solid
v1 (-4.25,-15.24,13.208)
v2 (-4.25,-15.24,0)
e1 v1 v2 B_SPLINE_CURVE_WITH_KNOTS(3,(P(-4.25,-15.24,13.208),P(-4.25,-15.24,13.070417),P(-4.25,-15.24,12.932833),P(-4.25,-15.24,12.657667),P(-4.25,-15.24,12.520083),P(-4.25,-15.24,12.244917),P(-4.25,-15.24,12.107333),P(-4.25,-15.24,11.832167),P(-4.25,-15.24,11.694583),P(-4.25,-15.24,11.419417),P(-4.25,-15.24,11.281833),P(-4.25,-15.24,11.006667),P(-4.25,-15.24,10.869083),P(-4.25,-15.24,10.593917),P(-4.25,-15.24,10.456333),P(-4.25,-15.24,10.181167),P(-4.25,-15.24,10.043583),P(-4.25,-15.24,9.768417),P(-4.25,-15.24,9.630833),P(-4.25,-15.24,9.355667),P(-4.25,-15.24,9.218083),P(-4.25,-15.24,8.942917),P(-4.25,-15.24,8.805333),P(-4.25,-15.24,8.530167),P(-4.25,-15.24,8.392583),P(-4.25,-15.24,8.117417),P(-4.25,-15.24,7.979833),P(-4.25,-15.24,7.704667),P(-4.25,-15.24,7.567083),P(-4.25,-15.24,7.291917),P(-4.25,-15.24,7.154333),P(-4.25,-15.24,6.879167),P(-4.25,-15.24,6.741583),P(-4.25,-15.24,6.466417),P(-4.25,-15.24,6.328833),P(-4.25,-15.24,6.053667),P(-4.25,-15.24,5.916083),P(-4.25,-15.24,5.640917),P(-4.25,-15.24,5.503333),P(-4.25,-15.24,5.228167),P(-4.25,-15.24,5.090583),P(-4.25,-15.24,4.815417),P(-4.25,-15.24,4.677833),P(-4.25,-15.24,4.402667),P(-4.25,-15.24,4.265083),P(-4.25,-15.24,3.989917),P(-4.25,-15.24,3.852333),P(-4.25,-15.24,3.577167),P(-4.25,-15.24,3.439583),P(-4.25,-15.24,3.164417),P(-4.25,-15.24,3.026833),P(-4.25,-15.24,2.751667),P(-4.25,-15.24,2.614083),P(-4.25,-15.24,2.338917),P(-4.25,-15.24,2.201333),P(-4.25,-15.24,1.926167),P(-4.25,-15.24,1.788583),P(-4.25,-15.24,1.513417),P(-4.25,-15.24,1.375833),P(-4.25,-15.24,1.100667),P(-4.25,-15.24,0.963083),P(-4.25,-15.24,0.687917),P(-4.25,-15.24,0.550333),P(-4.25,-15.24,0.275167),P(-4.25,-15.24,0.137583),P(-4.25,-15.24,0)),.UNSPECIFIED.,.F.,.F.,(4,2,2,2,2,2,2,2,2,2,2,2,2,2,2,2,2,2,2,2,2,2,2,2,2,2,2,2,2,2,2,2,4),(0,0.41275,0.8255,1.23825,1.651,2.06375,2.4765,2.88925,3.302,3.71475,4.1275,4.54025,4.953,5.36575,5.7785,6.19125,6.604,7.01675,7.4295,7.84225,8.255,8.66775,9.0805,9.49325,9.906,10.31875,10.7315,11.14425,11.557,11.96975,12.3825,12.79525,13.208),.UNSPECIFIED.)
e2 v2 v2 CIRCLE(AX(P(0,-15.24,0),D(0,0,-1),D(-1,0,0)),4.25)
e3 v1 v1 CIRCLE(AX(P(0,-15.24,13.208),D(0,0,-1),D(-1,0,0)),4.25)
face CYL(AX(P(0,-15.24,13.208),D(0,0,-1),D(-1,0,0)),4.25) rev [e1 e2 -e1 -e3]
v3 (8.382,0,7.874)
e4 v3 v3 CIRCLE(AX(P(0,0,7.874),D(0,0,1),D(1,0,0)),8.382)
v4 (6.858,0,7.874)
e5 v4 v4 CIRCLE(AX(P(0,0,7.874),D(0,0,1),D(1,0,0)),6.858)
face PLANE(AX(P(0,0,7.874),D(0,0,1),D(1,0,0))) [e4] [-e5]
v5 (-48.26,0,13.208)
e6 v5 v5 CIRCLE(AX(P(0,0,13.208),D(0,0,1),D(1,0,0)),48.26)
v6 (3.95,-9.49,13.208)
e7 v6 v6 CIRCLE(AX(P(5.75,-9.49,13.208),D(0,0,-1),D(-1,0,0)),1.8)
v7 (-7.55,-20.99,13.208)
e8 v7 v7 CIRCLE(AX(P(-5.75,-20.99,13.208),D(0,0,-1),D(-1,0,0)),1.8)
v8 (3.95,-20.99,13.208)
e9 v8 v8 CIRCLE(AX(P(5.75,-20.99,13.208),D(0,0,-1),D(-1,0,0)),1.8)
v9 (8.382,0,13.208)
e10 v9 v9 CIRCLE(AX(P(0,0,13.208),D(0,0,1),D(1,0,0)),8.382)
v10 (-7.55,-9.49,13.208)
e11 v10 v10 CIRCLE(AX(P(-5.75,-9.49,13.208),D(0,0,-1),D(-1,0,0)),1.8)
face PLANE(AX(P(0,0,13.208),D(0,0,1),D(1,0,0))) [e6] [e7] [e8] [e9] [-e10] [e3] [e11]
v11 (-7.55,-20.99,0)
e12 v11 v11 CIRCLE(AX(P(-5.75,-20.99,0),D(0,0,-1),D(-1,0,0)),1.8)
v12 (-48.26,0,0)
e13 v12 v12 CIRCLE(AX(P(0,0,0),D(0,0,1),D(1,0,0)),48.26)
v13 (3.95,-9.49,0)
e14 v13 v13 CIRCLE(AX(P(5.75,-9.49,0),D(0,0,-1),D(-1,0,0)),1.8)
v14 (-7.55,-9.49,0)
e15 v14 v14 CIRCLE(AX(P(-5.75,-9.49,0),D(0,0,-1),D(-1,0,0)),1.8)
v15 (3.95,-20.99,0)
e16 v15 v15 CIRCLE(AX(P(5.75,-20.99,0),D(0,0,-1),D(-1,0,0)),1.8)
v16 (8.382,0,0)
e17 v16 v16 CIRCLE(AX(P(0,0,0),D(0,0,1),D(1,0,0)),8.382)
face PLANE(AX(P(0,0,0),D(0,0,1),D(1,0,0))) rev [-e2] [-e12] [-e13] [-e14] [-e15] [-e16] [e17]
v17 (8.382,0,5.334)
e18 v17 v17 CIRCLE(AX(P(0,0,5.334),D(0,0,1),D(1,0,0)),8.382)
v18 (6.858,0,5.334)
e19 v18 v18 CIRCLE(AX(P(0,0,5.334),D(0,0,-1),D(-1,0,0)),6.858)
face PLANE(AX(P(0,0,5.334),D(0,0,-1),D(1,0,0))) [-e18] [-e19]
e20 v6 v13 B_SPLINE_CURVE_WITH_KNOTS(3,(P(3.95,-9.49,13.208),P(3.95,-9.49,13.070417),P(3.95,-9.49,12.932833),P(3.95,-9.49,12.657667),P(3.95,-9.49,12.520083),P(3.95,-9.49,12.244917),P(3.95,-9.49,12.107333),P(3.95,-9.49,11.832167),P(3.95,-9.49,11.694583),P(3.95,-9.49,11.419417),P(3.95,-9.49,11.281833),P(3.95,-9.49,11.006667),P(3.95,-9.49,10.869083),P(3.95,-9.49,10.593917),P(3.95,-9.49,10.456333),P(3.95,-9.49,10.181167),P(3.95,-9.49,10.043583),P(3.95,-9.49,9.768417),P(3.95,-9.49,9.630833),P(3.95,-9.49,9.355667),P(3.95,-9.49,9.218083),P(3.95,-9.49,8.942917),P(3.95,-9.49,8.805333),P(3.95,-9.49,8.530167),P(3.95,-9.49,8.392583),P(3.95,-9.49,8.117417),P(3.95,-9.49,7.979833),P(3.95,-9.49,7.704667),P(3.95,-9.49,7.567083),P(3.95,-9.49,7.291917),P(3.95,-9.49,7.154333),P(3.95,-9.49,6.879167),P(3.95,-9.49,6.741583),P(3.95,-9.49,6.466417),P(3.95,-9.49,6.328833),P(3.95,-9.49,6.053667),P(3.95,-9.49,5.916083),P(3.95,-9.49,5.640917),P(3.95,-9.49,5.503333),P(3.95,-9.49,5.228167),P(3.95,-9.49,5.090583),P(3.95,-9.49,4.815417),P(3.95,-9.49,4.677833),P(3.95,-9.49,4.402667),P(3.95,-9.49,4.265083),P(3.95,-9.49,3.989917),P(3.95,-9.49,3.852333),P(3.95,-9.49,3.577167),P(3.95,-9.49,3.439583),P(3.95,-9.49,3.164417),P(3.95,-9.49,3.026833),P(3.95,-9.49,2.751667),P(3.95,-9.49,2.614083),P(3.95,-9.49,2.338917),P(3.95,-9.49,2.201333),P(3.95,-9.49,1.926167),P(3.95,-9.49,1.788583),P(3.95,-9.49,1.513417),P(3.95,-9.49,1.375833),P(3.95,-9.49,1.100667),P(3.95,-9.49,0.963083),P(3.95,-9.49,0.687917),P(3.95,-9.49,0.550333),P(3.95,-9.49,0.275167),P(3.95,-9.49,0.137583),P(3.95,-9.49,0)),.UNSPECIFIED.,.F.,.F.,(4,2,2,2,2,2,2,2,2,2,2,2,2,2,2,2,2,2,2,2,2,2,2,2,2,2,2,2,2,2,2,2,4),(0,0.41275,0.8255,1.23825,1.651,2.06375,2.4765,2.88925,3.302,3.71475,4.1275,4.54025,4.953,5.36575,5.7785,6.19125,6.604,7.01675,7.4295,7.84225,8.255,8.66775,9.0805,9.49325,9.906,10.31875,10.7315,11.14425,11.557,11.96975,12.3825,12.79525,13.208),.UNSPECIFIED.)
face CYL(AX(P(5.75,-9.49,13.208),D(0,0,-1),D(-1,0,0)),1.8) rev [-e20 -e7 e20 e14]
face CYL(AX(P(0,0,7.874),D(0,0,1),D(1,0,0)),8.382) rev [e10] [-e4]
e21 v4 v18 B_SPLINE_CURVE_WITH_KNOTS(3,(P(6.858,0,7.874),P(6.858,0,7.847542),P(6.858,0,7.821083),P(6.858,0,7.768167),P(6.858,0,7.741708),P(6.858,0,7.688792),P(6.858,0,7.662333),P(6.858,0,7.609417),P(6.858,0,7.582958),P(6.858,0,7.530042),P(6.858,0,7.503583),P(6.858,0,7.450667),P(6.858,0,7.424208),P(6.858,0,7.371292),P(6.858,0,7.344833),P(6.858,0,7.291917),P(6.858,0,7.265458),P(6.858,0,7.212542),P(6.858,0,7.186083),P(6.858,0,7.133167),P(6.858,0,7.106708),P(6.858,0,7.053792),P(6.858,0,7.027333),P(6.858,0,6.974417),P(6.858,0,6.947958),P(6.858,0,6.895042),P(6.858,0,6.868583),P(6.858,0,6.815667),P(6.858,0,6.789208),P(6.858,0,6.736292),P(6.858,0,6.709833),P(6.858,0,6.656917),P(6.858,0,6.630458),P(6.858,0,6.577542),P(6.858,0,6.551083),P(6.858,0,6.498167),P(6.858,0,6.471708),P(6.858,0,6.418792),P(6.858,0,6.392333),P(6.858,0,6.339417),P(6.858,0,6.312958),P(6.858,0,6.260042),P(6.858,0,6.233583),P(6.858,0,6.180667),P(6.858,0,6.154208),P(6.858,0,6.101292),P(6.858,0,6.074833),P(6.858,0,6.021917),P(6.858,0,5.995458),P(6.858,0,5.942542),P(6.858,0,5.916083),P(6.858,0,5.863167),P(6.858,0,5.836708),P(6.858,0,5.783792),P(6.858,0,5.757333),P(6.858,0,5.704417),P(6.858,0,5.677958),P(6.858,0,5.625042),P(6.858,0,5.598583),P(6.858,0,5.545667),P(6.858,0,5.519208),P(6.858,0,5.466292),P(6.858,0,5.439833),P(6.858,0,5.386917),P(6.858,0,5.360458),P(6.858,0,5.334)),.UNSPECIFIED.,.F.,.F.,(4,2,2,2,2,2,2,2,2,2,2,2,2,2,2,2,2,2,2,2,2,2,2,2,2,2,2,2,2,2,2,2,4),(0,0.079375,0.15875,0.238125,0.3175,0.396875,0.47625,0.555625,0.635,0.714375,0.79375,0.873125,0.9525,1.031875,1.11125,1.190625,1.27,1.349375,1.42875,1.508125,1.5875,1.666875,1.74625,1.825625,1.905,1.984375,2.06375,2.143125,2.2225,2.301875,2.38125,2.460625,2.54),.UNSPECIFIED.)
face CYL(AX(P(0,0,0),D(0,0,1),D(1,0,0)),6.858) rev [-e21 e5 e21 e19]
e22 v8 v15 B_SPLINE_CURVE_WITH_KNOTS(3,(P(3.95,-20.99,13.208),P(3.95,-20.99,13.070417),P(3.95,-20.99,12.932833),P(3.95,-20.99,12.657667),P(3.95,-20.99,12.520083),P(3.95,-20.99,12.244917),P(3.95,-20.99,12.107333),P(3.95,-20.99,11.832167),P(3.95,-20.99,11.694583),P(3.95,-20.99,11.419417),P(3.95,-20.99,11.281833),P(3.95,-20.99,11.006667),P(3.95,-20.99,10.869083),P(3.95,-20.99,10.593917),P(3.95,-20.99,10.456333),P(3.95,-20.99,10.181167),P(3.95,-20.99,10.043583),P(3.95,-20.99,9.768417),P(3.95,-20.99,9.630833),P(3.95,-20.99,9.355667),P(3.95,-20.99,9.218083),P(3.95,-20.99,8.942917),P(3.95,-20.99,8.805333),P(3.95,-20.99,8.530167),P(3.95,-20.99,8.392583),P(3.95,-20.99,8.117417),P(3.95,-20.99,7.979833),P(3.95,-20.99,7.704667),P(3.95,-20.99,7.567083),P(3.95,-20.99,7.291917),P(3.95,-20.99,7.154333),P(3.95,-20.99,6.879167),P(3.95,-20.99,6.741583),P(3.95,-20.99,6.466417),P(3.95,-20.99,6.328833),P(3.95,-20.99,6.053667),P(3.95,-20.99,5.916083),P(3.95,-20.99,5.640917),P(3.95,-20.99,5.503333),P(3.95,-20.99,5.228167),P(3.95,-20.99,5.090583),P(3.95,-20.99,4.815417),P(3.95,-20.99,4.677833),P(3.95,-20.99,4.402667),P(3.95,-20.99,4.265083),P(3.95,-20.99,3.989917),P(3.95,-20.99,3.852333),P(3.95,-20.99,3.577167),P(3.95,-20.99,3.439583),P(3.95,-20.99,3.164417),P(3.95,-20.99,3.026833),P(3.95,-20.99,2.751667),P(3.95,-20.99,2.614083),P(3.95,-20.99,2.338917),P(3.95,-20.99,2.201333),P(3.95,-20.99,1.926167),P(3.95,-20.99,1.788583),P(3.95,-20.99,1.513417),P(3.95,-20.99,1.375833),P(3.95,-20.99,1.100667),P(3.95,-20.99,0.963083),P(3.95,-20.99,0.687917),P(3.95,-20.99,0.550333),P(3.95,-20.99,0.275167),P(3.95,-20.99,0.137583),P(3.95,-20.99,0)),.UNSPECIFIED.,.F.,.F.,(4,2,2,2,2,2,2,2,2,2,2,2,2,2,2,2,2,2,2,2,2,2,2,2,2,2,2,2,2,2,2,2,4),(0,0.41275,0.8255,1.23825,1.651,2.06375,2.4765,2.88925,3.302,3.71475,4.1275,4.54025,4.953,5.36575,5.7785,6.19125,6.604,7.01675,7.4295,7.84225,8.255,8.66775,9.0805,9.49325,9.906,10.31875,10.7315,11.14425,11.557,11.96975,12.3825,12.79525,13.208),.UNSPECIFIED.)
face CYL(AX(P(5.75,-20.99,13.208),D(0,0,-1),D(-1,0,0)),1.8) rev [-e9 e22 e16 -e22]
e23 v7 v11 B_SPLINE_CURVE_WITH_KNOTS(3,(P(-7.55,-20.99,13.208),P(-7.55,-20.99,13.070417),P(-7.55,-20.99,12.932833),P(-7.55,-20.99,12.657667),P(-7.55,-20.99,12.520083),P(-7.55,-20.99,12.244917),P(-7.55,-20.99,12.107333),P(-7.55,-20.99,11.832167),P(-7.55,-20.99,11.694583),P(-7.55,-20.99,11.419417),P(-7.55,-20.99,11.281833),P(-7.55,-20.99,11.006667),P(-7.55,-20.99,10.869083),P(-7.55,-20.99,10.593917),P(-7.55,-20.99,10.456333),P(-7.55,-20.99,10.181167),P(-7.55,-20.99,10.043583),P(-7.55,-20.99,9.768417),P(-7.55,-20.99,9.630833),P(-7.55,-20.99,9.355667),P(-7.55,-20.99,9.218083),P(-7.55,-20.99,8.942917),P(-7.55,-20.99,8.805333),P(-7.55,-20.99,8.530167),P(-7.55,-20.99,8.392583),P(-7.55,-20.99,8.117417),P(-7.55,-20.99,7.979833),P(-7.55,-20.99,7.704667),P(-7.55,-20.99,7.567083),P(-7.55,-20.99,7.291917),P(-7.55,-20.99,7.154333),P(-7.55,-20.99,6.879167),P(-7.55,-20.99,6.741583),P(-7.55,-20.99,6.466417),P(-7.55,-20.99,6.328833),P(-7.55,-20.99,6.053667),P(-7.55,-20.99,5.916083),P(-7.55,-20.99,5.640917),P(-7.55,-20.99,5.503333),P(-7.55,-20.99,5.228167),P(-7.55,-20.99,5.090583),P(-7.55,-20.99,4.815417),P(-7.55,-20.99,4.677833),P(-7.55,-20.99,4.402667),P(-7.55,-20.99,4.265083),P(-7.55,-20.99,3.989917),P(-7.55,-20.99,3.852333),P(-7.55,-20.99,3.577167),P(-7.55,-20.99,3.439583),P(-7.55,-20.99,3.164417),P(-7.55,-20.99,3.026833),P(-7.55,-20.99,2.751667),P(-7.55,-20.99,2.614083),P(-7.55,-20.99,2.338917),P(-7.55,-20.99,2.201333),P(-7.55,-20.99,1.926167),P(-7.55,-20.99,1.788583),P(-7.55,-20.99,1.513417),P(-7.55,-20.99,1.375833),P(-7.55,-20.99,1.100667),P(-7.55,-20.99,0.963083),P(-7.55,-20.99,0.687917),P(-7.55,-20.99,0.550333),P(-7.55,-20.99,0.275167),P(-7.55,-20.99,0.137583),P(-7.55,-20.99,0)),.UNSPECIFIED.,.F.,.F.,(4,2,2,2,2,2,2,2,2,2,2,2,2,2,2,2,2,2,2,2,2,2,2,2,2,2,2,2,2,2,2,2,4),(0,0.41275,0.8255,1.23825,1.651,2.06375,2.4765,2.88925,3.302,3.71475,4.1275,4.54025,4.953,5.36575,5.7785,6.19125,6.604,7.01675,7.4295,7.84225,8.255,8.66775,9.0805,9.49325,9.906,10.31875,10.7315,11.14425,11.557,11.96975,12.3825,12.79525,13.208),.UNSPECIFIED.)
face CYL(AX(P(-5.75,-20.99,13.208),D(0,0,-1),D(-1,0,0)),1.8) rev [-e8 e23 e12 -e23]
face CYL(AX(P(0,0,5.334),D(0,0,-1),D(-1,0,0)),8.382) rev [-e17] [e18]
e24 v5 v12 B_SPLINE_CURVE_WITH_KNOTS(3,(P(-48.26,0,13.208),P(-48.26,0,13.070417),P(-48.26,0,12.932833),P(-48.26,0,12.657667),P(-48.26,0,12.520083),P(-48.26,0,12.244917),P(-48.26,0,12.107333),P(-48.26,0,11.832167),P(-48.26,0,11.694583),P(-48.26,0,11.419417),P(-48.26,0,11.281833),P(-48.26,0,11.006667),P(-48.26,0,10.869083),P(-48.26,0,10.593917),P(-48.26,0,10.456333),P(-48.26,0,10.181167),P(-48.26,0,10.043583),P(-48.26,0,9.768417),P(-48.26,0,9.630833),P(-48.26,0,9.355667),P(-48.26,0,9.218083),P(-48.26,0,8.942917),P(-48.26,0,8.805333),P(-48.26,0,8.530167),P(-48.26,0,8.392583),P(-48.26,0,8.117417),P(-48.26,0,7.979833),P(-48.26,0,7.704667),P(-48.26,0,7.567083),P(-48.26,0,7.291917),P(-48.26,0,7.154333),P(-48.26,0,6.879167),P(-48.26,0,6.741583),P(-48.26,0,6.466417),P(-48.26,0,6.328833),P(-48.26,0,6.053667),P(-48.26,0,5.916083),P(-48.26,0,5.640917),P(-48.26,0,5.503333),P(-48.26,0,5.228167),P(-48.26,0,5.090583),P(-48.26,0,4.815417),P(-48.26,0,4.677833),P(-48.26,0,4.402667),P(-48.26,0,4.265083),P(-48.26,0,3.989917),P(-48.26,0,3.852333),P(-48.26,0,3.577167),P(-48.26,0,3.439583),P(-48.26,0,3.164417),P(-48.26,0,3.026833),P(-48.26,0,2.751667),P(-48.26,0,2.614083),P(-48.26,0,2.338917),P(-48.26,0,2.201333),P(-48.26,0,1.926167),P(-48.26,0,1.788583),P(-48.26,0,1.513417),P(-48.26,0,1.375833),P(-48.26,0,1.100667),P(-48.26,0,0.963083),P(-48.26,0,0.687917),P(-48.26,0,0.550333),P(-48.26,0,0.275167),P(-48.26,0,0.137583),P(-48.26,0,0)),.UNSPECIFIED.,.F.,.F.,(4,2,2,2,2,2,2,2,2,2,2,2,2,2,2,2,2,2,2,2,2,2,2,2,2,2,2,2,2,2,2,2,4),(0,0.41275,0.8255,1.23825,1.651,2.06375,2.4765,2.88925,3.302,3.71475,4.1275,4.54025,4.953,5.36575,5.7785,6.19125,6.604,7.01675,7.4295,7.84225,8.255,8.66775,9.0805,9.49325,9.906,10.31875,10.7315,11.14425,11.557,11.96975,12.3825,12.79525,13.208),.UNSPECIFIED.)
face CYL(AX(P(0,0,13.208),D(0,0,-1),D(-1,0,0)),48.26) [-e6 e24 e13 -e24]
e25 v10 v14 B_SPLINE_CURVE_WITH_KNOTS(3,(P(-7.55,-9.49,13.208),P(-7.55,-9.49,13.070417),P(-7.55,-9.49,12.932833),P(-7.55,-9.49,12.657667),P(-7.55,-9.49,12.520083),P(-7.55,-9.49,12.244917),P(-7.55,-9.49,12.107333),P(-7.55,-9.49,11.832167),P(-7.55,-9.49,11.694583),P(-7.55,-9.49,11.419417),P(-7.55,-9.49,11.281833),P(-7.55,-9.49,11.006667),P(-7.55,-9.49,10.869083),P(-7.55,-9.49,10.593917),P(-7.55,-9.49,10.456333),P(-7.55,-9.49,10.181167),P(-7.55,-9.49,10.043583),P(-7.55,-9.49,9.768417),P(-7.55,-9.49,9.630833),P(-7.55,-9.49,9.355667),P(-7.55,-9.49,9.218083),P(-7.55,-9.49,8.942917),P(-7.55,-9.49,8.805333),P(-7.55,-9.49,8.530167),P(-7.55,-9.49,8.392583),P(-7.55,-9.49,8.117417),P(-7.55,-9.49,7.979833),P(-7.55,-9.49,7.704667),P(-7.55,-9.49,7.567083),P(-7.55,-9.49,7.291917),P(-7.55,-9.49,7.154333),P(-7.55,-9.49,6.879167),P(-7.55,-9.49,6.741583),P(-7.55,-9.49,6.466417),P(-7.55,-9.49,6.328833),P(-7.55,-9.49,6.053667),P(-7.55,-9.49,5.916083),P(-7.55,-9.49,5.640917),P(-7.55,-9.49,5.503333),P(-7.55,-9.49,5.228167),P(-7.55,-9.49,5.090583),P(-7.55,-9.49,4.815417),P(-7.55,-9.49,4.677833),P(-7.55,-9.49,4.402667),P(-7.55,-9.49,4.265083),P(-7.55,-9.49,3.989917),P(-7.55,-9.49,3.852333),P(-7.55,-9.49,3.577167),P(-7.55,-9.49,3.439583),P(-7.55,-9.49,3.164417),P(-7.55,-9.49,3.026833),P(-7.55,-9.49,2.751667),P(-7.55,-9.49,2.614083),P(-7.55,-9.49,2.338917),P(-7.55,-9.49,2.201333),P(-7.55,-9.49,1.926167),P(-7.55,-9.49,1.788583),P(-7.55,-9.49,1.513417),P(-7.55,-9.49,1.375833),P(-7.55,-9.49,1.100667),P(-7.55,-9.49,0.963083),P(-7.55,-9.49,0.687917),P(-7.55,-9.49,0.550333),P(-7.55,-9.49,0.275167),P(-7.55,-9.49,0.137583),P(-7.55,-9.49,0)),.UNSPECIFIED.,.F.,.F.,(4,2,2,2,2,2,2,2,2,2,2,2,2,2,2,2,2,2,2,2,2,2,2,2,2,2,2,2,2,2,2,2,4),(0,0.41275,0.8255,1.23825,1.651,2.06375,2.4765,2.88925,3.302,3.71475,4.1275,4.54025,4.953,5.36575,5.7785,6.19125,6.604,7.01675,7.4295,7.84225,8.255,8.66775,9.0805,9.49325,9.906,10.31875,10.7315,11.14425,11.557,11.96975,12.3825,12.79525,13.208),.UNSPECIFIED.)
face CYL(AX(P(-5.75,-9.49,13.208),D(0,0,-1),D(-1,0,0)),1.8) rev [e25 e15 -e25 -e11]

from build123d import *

# Parameters (mm, degrees)
SKETCH1_R           = 48.26
BOSS_EXTRUDE1_DEPTH = 13.208
SKETCH2_R           = 8.382
CUT_EXTRUDE1_DEPTH  = 5.334
SKETCH12_R          = 4.25
CUT_EXTRUDE5_DEPTH  = 70.516231659
SKETCH13_R          = 1.8
CUT_EXTRUDE7_DEPTH  = 70.516231659
SKETCH14_R          = 6.858
CUT_EXTRUDE8_DEPTH  = 70.516231659


with BuildPart() as part:
    # Sketch1 → Boss-Extrude1 (new body)
    with BuildSketch(Plane.XY):
        with Locations(Location((0, 0, 0), (0, 0, 180))):
            Circle(SKETCH1_R)
    extrude(amount=BOSS_EXTRUDE1_DEPTH)

    # Sketch2 → Cut-Extrude1 (cut)
    with BuildSketch(Plane.XY.offset(13.208)):
        Circle(SKETCH2_R)
    cut_extrude1 = extrude(amount=-CUT_EXTRUDE1_DEPTH, mode=Mode.SUBTRACT)

    # Sketch12 → Cut-Extrude5 (cut, through all)
    with BuildSketch(Plane(origin=(0, 0, 0), x_dir=(-1, 0, 0), z_dir=(0, 0, -1))):
        with Locations((0, -15.24)):
            Circle(SKETCH12_R)
    extrude(amount=-CUT_EXTRUDE5_DEPTH, mode=Mode.SUBTRACT)

    # Sketch13 → Cut-Extrude7 (cut, through all)
    with BuildSketch(Plane(origin=(0, 0, 0), x_dir=(-1, 0, 0), z_dir=(0, 0, -1))):
        with Locations((5.75, -9.49)):
            Circle(SKETCH13_R)
        with Locations((5.75, -20.99)):
            Circle(SKETCH13_R)
        with Locations((-5.75, -20.99)):
            Circle(SKETCH13_R)
        with Locations((-5.75, -9.49)):
            Circle(SKETCH13_R)
    extrude(amount=-CUT_EXTRUDE7_DEPTH, mode=Mode.SUBTRACT)

    # Mirror1: Cut-Extrude1 across plane
    add(cut_extrude1.mirror(Plane.XY.offset(6.604)), mode=Mode.SUBTRACT)

    # Sketch14 → Cut-Extrude8 (cut, through all)
    with BuildSketch(Plane.XY.offset(13.208)):
        Circle(SKETCH14_R)
    extrude(amount=-CUT_EXTRUDE8_DEPTH, mode=Mode.SUBTRACT)


solid = part.part
